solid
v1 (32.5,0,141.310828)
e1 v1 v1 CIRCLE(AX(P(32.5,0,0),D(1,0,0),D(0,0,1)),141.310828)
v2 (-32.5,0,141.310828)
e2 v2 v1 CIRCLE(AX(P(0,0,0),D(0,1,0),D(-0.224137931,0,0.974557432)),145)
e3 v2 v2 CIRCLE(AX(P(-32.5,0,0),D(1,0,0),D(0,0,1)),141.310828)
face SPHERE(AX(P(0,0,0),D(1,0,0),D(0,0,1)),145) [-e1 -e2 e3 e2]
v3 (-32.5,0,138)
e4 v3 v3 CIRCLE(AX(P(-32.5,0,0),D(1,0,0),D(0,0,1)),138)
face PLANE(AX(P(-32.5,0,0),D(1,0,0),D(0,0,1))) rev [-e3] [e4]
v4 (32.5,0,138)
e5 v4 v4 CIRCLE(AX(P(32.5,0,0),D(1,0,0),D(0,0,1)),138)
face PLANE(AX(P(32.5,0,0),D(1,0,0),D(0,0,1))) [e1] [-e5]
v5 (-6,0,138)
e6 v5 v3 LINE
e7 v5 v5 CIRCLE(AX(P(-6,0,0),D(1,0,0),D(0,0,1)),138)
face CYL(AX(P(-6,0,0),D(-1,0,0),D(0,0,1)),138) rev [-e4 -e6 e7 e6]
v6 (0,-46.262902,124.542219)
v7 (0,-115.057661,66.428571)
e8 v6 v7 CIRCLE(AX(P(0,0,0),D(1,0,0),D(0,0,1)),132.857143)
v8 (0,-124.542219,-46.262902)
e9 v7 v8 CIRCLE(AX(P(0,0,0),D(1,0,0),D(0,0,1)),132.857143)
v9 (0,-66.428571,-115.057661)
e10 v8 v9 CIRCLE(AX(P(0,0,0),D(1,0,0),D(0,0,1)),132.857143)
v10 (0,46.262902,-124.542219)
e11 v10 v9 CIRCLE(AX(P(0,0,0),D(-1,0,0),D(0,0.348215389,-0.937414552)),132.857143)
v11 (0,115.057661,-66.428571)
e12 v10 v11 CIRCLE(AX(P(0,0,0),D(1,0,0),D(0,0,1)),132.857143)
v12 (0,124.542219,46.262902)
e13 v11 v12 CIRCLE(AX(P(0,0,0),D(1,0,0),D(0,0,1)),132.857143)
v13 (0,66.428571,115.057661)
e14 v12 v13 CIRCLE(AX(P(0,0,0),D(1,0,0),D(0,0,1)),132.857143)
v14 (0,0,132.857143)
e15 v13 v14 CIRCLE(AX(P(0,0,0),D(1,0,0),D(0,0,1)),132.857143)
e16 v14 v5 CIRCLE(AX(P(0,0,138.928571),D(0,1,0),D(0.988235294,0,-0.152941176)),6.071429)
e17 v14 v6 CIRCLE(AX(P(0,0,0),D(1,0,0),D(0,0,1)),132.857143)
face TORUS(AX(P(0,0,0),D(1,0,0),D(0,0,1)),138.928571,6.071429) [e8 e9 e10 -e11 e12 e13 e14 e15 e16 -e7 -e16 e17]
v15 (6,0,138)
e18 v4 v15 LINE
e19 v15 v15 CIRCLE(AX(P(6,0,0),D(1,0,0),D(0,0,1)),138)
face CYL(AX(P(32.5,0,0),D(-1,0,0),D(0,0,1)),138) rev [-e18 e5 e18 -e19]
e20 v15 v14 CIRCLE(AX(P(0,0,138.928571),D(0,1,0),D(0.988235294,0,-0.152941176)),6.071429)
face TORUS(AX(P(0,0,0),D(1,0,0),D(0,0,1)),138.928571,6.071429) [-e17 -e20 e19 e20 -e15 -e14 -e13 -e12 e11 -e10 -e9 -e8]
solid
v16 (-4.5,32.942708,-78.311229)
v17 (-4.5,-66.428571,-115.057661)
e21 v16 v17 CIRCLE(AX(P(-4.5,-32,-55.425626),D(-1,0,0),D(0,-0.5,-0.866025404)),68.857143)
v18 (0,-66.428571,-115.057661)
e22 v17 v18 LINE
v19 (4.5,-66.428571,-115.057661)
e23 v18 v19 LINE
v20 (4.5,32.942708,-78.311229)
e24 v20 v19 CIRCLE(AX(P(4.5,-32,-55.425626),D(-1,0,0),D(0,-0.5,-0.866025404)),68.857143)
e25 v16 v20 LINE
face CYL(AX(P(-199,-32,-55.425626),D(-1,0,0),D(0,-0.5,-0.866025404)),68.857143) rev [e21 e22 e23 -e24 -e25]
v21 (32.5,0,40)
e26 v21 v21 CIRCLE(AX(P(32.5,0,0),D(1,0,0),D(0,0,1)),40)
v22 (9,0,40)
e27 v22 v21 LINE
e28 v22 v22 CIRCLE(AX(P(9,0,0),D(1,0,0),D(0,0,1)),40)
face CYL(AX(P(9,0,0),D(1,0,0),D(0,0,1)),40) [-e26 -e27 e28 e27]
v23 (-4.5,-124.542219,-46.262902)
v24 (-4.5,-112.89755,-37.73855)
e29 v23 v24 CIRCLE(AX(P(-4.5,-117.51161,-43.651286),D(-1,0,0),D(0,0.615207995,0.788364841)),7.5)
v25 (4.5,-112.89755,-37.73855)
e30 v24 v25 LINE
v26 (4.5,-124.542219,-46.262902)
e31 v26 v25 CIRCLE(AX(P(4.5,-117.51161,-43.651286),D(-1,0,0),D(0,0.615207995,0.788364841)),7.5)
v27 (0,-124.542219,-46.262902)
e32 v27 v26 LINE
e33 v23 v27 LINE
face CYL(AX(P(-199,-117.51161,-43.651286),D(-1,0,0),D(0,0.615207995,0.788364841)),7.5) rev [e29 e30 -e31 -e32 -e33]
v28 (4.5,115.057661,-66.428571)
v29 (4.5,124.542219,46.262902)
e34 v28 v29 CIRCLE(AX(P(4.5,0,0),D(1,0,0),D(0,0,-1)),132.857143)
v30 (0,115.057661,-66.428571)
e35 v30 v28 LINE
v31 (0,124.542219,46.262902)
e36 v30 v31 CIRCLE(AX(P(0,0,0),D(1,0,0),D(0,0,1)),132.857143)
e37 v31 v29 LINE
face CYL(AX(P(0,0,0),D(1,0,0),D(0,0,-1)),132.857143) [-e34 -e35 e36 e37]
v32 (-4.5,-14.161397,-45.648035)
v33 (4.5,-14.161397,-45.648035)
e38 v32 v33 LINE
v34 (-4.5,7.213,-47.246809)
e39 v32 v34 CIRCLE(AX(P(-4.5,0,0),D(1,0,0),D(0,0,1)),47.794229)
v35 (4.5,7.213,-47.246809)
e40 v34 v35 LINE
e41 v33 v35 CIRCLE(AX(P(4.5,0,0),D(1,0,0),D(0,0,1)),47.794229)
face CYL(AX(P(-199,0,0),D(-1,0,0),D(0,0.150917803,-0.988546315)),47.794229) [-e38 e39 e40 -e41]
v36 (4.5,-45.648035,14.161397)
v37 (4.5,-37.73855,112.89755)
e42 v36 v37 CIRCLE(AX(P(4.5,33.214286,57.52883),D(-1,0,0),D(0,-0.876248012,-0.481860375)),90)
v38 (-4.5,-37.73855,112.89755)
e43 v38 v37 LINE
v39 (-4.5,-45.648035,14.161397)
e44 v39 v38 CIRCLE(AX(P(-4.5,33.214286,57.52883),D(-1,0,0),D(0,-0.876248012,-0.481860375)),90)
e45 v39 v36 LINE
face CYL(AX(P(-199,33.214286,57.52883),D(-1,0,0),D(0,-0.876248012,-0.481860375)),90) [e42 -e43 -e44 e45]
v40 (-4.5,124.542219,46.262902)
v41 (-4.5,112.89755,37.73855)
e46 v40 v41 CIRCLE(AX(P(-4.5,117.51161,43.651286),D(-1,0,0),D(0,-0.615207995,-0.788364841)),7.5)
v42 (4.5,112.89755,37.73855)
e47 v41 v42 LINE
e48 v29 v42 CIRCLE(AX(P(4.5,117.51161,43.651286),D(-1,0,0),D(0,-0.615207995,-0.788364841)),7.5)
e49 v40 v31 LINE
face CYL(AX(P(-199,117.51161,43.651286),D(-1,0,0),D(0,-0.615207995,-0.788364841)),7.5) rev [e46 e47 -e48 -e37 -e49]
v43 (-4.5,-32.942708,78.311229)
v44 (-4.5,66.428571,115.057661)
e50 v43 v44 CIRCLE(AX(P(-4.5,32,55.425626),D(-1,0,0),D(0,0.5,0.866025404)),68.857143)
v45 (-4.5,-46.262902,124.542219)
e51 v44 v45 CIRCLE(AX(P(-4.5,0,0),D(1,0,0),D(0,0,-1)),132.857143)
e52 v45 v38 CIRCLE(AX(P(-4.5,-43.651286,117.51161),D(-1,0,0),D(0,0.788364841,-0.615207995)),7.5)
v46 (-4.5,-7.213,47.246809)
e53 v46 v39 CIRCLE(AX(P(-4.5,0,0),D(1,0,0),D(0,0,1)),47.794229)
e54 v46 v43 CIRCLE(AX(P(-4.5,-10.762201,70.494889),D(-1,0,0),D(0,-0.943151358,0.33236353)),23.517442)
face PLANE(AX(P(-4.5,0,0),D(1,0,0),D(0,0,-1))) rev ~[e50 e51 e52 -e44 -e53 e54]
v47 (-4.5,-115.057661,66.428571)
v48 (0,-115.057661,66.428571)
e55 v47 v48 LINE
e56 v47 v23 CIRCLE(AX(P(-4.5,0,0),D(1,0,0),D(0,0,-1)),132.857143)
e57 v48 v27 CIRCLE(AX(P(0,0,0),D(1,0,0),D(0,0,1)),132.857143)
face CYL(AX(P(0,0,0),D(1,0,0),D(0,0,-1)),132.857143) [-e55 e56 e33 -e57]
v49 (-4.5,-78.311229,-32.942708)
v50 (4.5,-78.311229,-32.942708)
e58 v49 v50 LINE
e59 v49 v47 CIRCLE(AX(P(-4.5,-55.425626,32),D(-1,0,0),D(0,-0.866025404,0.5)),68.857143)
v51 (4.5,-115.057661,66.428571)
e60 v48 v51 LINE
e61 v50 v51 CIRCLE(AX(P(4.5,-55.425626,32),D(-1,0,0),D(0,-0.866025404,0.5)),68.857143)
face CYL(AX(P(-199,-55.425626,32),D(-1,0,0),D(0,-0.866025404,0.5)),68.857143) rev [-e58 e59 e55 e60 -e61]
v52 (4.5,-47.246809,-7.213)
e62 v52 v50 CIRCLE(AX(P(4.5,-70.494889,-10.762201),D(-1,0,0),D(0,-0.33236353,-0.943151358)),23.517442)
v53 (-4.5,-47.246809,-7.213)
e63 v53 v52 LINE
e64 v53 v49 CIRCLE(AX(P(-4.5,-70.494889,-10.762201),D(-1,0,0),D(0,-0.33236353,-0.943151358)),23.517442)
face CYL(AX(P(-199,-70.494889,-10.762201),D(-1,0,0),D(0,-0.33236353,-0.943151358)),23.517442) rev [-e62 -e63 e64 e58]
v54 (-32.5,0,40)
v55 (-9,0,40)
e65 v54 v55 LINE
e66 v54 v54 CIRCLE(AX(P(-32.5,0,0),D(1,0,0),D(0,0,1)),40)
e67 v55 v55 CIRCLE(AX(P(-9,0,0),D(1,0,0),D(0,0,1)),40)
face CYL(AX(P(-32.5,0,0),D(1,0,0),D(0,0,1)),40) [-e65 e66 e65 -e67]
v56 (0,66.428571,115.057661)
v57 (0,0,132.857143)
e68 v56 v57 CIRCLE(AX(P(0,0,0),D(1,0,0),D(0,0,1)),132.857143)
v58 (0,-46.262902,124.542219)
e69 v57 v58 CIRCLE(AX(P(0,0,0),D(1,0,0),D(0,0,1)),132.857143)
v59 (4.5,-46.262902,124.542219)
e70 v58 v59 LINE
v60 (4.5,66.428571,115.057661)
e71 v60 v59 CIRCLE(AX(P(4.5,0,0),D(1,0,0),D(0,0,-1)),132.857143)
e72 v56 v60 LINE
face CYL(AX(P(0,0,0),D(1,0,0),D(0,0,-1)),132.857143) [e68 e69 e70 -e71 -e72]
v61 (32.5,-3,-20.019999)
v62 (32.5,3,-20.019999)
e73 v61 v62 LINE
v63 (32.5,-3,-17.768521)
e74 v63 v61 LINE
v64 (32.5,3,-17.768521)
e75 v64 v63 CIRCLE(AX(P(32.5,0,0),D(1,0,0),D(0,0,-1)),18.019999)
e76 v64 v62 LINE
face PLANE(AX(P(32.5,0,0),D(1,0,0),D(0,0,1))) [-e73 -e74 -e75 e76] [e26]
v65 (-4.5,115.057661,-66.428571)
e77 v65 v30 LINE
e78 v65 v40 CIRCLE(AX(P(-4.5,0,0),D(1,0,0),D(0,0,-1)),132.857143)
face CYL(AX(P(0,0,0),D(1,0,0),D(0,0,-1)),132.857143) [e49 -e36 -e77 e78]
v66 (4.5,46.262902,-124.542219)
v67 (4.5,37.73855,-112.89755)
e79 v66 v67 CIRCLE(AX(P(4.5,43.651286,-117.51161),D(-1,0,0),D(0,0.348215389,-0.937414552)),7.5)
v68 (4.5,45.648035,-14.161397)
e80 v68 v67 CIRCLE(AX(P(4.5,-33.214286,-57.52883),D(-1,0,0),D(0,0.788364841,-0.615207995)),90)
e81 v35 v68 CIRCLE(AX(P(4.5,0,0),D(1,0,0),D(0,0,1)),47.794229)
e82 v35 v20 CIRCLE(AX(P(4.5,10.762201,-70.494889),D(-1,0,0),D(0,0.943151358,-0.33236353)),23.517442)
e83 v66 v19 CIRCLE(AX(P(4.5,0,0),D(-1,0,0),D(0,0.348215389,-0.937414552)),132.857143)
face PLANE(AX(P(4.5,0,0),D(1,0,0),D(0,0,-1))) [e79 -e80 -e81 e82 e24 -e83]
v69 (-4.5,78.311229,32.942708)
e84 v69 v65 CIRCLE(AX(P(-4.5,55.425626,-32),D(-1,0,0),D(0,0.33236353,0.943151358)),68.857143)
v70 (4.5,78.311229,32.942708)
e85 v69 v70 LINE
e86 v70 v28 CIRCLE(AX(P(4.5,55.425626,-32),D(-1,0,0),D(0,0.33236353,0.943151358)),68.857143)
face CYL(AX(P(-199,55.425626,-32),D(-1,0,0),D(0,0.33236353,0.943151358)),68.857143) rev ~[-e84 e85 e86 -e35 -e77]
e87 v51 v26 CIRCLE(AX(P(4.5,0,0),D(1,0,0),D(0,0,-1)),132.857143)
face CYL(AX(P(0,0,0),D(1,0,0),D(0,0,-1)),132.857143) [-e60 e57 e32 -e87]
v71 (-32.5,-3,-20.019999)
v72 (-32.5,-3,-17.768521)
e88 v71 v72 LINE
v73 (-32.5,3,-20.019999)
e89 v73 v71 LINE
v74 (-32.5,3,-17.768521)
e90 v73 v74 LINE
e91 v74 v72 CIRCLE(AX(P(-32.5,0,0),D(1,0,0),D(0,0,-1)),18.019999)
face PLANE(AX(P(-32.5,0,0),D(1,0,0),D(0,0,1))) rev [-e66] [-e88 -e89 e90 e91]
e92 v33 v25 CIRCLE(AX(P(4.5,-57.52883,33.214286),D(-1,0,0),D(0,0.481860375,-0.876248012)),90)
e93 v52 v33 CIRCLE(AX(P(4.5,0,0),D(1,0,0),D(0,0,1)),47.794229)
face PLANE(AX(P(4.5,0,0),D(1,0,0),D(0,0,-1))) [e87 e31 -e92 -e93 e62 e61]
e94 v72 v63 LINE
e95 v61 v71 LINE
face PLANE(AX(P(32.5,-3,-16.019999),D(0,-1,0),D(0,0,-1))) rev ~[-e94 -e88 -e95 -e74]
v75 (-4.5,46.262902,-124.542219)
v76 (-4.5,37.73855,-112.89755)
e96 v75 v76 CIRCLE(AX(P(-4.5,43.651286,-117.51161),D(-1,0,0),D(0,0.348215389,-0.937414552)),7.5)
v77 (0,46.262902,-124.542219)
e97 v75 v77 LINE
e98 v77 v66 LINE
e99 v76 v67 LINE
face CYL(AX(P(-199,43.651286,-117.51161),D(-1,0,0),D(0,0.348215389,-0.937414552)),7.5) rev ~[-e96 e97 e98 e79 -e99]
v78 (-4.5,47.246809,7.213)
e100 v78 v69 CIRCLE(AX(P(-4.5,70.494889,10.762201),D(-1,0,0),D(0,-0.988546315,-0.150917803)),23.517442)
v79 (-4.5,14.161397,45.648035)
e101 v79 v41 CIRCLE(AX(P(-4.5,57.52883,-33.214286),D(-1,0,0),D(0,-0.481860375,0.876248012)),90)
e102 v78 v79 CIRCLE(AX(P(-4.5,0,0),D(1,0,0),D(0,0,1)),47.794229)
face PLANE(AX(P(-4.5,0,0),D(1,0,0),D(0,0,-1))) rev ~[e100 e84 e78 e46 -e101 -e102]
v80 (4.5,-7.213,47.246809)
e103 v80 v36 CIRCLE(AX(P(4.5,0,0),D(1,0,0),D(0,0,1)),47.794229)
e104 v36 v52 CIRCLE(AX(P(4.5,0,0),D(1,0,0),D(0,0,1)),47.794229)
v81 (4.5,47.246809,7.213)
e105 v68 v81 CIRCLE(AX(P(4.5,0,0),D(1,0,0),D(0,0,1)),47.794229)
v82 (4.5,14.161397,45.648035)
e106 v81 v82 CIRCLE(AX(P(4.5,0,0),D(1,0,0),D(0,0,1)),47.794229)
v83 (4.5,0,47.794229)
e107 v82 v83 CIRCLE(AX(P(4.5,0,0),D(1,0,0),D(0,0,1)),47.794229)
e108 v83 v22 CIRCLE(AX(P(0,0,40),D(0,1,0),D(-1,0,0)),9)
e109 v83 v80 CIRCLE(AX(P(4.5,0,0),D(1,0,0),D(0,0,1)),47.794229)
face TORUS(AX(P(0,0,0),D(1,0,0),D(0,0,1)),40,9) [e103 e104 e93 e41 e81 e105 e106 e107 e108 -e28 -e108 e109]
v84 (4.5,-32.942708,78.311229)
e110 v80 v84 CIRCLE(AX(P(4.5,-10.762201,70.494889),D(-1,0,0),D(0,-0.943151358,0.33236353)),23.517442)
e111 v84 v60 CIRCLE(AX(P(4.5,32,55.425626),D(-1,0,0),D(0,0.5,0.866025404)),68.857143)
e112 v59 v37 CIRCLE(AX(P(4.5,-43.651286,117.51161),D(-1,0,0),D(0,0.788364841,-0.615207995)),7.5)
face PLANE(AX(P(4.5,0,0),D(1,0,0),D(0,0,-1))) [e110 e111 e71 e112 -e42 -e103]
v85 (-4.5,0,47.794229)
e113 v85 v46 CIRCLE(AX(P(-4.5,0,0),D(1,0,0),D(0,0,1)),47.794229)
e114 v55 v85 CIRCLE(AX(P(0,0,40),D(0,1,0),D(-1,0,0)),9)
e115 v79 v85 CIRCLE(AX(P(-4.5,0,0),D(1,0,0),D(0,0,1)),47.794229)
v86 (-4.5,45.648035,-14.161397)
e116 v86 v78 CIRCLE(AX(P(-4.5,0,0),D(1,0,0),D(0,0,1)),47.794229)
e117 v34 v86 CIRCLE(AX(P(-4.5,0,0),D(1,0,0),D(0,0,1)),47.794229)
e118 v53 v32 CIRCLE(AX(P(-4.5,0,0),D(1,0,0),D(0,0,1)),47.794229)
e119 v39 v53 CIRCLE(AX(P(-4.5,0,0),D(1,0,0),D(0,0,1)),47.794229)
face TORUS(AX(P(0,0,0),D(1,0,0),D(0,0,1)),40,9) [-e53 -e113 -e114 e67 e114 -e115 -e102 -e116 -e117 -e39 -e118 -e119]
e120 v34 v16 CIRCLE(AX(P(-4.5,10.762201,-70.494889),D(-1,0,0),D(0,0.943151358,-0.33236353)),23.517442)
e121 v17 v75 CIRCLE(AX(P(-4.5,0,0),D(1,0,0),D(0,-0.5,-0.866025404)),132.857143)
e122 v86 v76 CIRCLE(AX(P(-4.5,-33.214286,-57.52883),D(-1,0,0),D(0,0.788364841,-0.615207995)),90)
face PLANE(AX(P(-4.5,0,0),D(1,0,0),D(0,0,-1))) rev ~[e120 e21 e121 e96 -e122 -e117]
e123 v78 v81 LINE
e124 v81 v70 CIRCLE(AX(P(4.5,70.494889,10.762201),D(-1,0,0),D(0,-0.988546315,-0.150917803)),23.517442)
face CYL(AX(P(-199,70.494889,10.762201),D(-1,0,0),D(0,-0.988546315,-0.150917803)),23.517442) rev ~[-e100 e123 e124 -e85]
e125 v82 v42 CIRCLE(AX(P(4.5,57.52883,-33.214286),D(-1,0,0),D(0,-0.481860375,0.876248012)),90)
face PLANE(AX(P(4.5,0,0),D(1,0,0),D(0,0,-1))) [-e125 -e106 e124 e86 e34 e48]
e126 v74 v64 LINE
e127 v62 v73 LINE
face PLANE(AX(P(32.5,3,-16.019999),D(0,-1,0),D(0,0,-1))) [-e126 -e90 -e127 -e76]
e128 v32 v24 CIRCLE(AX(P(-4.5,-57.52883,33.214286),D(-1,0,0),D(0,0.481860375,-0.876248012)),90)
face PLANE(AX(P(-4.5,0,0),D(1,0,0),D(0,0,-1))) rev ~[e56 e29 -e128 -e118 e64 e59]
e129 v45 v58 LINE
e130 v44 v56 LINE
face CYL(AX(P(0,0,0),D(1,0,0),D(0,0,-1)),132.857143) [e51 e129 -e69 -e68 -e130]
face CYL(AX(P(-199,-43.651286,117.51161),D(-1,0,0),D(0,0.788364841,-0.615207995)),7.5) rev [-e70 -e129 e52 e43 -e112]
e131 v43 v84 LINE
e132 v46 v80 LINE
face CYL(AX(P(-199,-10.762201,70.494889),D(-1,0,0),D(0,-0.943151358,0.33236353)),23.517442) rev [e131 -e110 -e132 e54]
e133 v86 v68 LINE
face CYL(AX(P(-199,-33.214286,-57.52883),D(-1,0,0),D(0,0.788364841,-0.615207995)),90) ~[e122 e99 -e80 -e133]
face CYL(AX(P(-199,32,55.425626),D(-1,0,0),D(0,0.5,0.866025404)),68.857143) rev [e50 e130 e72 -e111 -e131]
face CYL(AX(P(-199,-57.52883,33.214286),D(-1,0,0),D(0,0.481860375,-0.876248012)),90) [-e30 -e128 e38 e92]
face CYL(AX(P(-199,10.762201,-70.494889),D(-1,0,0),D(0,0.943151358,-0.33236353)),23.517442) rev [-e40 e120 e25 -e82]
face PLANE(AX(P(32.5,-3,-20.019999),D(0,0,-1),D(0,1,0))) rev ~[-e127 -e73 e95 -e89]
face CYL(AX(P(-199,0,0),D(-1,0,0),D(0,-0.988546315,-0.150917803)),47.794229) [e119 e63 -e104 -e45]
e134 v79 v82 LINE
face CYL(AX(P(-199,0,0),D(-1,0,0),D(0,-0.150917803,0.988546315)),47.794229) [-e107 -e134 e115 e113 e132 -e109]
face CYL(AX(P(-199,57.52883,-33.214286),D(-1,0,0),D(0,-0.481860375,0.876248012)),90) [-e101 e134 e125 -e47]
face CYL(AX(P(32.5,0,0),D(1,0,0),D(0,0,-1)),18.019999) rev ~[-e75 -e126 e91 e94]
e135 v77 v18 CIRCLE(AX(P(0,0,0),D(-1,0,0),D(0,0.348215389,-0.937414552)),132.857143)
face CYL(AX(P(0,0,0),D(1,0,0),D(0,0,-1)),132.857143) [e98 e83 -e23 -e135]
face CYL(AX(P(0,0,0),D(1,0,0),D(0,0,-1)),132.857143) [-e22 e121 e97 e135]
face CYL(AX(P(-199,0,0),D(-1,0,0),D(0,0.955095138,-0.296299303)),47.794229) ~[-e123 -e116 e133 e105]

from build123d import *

# Parameters (mm, degrees)
SKETCH7_R               = 132.857142857
BOSS_EXTRUDE2_DEPTH     = 4.5
CUT_EXTRUDE1_DEPTH      = 110
CUT_EXTRUDE1_DEPTH_BACK = 199
SKETCH9_R               = 18.019998537
CUT_EXTRUDE2_DEPTH      = 199
SKETCH10_W              = 4
SKETCH10_H              = 6
CUT_EXTRUDE3_DEPTH      = 199


with BuildPart() as part:
    # Sketch1 → Revolve1 (revolve)
    with BuildSketch(Plane.XY, mode=Mode.PRIVATE) as revolve1_sk:
        with BuildLine():
            Line((-32.5, 40), (-9, 40))
            ThreePointArc((-9, 40), (0, 49), (9, 40))
            Line((9, 40), (32.5, 40))
            Line((32.5, 40), (32.5, 18))
            Line((32.5, 18), (-32.5, 18))
            Line((-32.5, 18), (-32.5, 40))
        make_face()
        with BuildLine():
            Line((-32.5, 138), (-32.5, 141.310827611))
            ThreePointArc((-32.5, 141.310827611), (0, 145), (32.5, 141.310827611))
            Line((32.5, 141.310827611), (32.5, 138))
            Line((32.5, 138), (6, 138))
            ThreePointArc((6, 138), (0, 132.857142857), (-6, 138))
            Line((-6, 138), (-32.5, 138))
        make_face()
    revolve(revolve1_sk.sketch.rotate(Axis((-145, 0, 0), (1, 0, 0)), 90), axis=Axis((-145, 0, 0), (1, 0, 0)))

    # Sketch7 → Boss-Extrude2 (add, symmetric)
    with BuildSketch(Plane(origin=(0, 0, 0), x_dir=(0, 0, -1), z_dir=(1, 0, 0))):
        Circle(SKETCH7_R)
    extrude(amount=BOSS_EXTRUDE2_DEPTH, both=True)

    # Sketch8 → Cut-Extrude1 (cut, two sides: drawn at the far end of the back side and taken through both)
    with BuildSketch(Plane(origin=(0, 0, 0), x_dir=(0, 0, -1), z_dir=(1, 0, 0)).offset(-CUT_EXTRUDE1_DEPTH_BACK)):
        with BuildLine():
            ThreePointArc((14.161396655, 45.648035396), (3.564978673, 47.661087039), (-7.213000003, 47.246808587))
            ThreePointArc((-7.213000003, 47.246808587), (-28.873825323, 55.493585073), (-32.942707777, 78.311228937))
            ThreePointArc((-32.942707777, 78.311228937), (8.117931565, 120.008540996), (66.428571429, 115.057660789))
            ThreePointArc((66.428571429, 115.057660789), (101.49207076, 85.734357063), (124.542219086, 46.262901694))
            ThreePointArc((124.542219086, 46.262901694), (121.94174206, 37.599515508), (112.897549979, 37.738549969))
            ThreePointArc((112.897549979, 37.738549969), (64.715464197, 56.498323737), (14.161396655, 45.648035396))
        make_face()
        with BuildLine():
            ThreePointArc((115.057660789, -66.428571429), (120.008540996, -8.117931565), (78.311228937, 32.942707777))
            ThreePointArc((78.311228937, 32.942707777), (55.493585073, 28.873825323), (47.246808587, 7.213000003))
            ThreePointArc((47.246808587, 7.213000003), (47.661087039, -3.564978673), (45.648035396, -14.161396655))
            ThreePointArc((45.648035396, -14.161396655), (56.498323737, -64.715464197), (37.738549969, -112.897549979))
            ThreePointArc((37.738549969, -112.897549979), (37.599515508, -121.94174206), (46.262901694, -124.542219086))
            ThreePointArc((46.262901694, -124.542219086), (85.734357063, -101.49207076), (115.057660789, -66.428571429))
        make_face()
        with BuildLine():
            ThreePointArc((-66.428571429, -115.057660789), (-8.117931565, -120.008540996), (32.942707777, -78.311228937))
            ThreePointArc((32.942707777, -78.311228937), (28.873825323, -55.493585073), (7.213000003, -47.246808587))
            ThreePointArc((7.213000003, -47.246808587), (-3.564978673, -47.661087039), (-14.161396655, -45.648035396))
            ThreePointArc((-14.161396655, -45.648035396), (-64.715464197, -56.498323737), (-112.897549979, -37.738549969))
            ThreePointArc((-112.897549979, -37.738549969), (-121.94174206, -37.599515508), (-124.542219086, -46.262901694))
            ThreePointArc((-124.542219086, -46.262901694), (-101.49207076, -85.734357063), (-66.428571429, -115.057660789))
        make_face()
        with BuildLine():
            ThreePointArc((-115.057660789, 66.428571429), (-120.008540996, 8.117931565), (-78.311228937, -32.942707777))
            ThreePointArc((-78.311228937, -32.942707777), (-55.493585073, -28.873825323), (-47.246808587, -7.213000003))
            ThreePointArc((-47.246808587, -7.213000003), (-47.661087039, 3.564978673), (-45.648035396, 14.161396655))
            ThreePointArc((-45.648035396, 14.161396655), (-56.498323737, 64.715464197), (-37.738549969, 112.897549979))
            ThreePointArc((-37.738549969, 112.897549979), (-37.599515508, 121.94174206), (-46.262901694, 124.542219086))
            ThreePointArc((-46.262901694, 124.542219086), (-85.734357063, 101.49207076), (-115.057660789, 66.428571429))
        make_face()
    extrude(amount=CUT_EXTRUDE1_DEPTH + CUT_EXTRUDE1_DEPTH_BACK, mode=Mode.SUBTRACT)

    # Sketch9 → Cut-Extrude2 (cut)
    with BuildSketch(Plane(origin=(32.5, 0, 0), x_dir=(0, 0, -1), z_dir=(1, 0, 0))):
        Circle(SKETCH9_R)
    extrude(amount=-CUT_EXTRUDE2_DEPTH, mode=Mode.SUBTRACT)

    # Sketch10 → Cut-Extrude3 (cut)
    with BuildSketch(Plane(origin=(32.5, 0, 0), x_dir=(0, 0, -1), z_dir=(1, 0, 0))):
        with Locations((18.019998537, 0)):
            Rectangle(SKETCH10_W, SKETCH10_H)
    extrude(amount=-CUT_EXTRUDE3_DEPTH, mode=Mode.SUBTRACT)


solid = part.part
